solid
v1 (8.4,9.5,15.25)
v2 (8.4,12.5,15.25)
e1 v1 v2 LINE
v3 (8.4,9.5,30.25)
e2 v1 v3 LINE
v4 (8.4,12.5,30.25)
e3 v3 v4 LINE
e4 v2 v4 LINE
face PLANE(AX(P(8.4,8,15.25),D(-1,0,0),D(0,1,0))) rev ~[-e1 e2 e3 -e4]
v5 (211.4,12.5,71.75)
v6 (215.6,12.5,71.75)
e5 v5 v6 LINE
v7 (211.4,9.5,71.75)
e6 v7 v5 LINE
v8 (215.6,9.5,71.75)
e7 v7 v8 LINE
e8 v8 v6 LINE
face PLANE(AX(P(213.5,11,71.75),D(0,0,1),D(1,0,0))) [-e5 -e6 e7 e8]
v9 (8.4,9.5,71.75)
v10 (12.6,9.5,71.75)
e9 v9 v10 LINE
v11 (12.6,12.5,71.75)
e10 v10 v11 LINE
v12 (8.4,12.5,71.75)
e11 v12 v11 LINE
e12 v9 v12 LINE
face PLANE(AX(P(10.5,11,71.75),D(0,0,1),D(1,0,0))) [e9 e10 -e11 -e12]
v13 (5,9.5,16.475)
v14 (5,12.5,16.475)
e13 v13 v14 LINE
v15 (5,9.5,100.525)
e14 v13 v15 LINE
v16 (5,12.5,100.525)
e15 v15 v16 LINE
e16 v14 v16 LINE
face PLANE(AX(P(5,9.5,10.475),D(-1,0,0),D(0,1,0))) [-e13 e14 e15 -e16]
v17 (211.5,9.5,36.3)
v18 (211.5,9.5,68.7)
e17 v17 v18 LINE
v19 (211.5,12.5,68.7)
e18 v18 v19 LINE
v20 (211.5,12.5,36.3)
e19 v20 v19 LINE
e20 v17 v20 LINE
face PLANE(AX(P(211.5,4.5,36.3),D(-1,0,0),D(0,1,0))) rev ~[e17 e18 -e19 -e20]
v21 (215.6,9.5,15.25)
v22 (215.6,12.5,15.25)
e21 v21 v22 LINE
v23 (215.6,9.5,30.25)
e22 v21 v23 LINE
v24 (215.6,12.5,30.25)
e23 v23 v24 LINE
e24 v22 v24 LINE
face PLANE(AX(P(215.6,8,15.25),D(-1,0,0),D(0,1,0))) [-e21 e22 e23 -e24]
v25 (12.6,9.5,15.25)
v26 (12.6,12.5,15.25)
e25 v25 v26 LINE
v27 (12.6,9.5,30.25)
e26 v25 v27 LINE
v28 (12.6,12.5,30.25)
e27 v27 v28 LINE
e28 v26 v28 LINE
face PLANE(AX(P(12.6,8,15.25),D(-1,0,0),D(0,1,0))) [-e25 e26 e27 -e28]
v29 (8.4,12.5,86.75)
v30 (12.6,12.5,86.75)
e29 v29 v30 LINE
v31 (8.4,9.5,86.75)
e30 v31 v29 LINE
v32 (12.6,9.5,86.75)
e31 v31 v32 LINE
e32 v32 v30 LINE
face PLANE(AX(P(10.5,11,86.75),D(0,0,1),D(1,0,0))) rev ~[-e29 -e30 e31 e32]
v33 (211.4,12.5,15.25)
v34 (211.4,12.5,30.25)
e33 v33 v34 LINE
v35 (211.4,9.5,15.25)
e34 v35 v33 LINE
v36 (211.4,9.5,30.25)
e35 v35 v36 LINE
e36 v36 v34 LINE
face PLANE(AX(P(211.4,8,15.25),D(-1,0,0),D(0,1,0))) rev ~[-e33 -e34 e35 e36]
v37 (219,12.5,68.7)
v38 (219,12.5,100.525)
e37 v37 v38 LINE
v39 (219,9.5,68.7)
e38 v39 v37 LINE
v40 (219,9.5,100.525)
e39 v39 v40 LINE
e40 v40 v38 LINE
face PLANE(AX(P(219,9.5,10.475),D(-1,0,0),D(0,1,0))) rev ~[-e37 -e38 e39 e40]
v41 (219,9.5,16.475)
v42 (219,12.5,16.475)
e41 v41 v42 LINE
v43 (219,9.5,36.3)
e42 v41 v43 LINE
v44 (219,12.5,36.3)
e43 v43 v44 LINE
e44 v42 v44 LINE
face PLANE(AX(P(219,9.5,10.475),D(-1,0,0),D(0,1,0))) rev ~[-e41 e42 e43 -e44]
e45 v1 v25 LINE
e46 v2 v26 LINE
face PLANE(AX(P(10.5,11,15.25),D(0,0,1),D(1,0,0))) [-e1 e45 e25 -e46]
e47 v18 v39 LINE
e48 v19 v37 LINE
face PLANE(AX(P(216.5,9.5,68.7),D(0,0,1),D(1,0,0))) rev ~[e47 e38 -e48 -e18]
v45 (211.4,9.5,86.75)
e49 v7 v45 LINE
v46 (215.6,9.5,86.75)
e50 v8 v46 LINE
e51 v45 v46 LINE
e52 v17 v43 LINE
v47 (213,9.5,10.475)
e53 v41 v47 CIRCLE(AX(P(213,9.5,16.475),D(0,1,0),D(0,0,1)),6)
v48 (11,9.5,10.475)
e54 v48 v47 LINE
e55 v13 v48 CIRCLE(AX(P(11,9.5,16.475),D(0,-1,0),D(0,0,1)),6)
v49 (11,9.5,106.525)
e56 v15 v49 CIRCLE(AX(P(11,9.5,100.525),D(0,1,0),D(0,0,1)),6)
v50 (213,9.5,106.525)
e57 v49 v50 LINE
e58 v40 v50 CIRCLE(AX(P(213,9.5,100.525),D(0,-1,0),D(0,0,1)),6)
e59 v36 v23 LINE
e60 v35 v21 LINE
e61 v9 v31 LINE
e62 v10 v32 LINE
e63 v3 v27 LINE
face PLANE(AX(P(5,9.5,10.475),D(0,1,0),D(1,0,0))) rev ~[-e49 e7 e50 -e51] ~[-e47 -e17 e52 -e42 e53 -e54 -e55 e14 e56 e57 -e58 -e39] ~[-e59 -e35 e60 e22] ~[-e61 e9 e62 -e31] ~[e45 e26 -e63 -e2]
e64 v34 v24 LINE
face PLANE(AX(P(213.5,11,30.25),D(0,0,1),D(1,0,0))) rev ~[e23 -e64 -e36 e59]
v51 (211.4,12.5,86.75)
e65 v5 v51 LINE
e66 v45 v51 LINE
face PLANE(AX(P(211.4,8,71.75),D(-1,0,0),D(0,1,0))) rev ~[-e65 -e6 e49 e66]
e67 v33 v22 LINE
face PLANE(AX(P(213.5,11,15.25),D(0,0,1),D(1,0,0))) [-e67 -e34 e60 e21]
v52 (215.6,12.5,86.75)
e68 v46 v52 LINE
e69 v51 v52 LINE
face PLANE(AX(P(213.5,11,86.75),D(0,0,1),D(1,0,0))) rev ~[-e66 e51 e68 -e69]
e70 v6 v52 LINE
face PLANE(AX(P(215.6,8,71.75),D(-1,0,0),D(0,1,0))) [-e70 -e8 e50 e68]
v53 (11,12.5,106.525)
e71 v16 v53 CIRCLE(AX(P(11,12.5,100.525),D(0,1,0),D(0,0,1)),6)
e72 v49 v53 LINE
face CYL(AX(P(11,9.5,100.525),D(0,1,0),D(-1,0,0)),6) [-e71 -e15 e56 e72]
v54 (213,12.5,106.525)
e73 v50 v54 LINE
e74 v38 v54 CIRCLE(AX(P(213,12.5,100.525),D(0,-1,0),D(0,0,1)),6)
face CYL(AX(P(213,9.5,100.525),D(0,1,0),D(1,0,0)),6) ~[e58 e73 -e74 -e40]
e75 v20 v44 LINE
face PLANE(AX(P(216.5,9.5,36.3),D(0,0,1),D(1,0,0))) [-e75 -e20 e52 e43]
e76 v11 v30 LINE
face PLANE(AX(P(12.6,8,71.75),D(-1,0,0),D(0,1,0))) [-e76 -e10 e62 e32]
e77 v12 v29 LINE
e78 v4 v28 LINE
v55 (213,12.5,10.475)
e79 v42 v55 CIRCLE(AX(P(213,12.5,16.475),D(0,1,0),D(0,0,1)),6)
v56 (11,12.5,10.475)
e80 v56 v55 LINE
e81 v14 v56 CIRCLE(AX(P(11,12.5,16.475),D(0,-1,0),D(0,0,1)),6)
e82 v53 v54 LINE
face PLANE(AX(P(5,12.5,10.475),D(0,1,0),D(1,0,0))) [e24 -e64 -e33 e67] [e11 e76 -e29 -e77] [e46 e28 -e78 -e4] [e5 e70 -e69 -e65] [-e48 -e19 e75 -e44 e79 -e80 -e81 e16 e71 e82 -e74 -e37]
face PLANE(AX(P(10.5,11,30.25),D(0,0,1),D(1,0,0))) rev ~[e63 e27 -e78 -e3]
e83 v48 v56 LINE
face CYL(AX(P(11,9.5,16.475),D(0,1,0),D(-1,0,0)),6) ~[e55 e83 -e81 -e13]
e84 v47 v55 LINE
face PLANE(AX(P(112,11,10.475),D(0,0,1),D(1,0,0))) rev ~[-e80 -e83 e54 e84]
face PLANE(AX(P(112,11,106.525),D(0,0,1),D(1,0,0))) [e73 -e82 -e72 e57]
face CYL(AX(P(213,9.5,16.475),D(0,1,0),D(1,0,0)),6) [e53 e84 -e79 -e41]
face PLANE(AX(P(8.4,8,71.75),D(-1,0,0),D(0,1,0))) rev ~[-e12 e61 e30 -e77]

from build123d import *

# Parameters (mm, degrees)
BOX021_W     = 4.2
BOX021_H     = 6
BOX021_DEPTH = 15
BOX020_W     = 4.2
BOX020_H     = 6
BOX020_DEPTH = 15
BOX019_W     = 4.2
BOX019_H     = 6
BOX019_DEPTH = 15
BOX018_W     = 4.2
BOX018_H     = 6
BOX018_DEPTH = 15
BOX017_W     = 10
BOX017_H     = 10
BOX017_DEPTH = 32.4
BOX016_W     = 214
BOX016_H     = 3
BOX016_DEPTH = 96.05
FILLET001_R  = 6


with BuildPart() as brsupportopening:
    # Box021 → Box021 (new body)
    with BuildSketch(Plane(origin=(211.4, 8, 15.25), x_dir=(1, 0, 0), z_dir=(0, 0, 1))):
        with Locations((2.1, 3)):
            Rectangle(BOX021_W, BOX021_H)
    extrude(amount=BOX021_DEPTH)


with BuildPart() as blsupportopening:
    # Box020 → Box020 (new body)
    with BuildSketch(Plane(origin=(8.4, 8, 15.25), x_dir=(1, 0, 0), z_dir=(0, 0, 1))):
        with Locations((2.1, 3)):
            Rectangle(BOX020_W, BOX020_H)
    extrude(amount=BOX020_DEPTH)


with BuildPart() as tlsupportopening:
    # Box019 → Box019 (new body)
    with BuildSketch(Plane(origin=(8.4, 8, 71.75), x_dir=(1, 0, 0), z_dir=(0, 0, 1))):
        with Locations((2.1, 3)):
            Rectangle(BOX019_W, BOX019_H)
    extrude(amount=BOX019_DEPTH)


with BuildPart() as trsupportopening:
    # Box018 → Box018 (new body)
    with BuildSketch(Plane(origin=(211.4, 8, 71.75), x_dir=(1, 0, 0), z_dir=(0, 0, 1))):
        with Locations((2.1, 3)):
            Rectangle(BOX018_W, BOX018_H)
    extrude(amount=BOX018_DEPTH)


with BuildPart() as usbopening:
    # Box017 → Box017 (new body)
    with BuildSketch(Plane(origin=(211.5, 4.5, 36.3), x_dir=(1, 0, 0), z_dir=(0, 0, 1))):
        with Locations((5, 5)):
            Rectangle(BOX017_W, BOX017_H)
    extrude(amount=BOX017_DEPTH)


with BuildPart() as cut009:
    # Box016 → Box016 (new body)
    with BuildSketch(Plane(origin=(5, 9.5, 10.475), x_dir=(1, 0, 0), z_dir=(0, 0, 1))):
        with Locations((107, 1.5)):
            Rectangle(BOX016_W, BOX016_H)
    extrude(amount=BOX016_DEPTH)

    # Fillet001
    fillet001_edges = [cut009.edges().sort_by_distance(p)[0] for p in [
        (5, 11, 106.525),
        (5, 11, 10.475),
        (219, 11, 106.525),
        (219, 11, 10.475),
    ]]
    fillet(fillet001_edges, radius=FILLET001_R)

    # Cut005: cut USBOpening
    add(usbopening.part, mode=Mode.SUBTRACT)

    # Cut006: cut TRSupportOpening
    add(trsupportopening.part, mode=Mode.SUBTRACT)

    # Cut007: cut TLSupportOpening
    add(tlsupportopening.part, mode=Mode.SUBTRACT)

    # Cut008: cut BLSupportOpening
    add(blsupportopening.part, mode=Mode.SUBTRACT)

    # Cut009: cut BRSupportOpening
    add(brsupportopening.part, mode=Mode.SUBTRACT)


solid = cut009.part
